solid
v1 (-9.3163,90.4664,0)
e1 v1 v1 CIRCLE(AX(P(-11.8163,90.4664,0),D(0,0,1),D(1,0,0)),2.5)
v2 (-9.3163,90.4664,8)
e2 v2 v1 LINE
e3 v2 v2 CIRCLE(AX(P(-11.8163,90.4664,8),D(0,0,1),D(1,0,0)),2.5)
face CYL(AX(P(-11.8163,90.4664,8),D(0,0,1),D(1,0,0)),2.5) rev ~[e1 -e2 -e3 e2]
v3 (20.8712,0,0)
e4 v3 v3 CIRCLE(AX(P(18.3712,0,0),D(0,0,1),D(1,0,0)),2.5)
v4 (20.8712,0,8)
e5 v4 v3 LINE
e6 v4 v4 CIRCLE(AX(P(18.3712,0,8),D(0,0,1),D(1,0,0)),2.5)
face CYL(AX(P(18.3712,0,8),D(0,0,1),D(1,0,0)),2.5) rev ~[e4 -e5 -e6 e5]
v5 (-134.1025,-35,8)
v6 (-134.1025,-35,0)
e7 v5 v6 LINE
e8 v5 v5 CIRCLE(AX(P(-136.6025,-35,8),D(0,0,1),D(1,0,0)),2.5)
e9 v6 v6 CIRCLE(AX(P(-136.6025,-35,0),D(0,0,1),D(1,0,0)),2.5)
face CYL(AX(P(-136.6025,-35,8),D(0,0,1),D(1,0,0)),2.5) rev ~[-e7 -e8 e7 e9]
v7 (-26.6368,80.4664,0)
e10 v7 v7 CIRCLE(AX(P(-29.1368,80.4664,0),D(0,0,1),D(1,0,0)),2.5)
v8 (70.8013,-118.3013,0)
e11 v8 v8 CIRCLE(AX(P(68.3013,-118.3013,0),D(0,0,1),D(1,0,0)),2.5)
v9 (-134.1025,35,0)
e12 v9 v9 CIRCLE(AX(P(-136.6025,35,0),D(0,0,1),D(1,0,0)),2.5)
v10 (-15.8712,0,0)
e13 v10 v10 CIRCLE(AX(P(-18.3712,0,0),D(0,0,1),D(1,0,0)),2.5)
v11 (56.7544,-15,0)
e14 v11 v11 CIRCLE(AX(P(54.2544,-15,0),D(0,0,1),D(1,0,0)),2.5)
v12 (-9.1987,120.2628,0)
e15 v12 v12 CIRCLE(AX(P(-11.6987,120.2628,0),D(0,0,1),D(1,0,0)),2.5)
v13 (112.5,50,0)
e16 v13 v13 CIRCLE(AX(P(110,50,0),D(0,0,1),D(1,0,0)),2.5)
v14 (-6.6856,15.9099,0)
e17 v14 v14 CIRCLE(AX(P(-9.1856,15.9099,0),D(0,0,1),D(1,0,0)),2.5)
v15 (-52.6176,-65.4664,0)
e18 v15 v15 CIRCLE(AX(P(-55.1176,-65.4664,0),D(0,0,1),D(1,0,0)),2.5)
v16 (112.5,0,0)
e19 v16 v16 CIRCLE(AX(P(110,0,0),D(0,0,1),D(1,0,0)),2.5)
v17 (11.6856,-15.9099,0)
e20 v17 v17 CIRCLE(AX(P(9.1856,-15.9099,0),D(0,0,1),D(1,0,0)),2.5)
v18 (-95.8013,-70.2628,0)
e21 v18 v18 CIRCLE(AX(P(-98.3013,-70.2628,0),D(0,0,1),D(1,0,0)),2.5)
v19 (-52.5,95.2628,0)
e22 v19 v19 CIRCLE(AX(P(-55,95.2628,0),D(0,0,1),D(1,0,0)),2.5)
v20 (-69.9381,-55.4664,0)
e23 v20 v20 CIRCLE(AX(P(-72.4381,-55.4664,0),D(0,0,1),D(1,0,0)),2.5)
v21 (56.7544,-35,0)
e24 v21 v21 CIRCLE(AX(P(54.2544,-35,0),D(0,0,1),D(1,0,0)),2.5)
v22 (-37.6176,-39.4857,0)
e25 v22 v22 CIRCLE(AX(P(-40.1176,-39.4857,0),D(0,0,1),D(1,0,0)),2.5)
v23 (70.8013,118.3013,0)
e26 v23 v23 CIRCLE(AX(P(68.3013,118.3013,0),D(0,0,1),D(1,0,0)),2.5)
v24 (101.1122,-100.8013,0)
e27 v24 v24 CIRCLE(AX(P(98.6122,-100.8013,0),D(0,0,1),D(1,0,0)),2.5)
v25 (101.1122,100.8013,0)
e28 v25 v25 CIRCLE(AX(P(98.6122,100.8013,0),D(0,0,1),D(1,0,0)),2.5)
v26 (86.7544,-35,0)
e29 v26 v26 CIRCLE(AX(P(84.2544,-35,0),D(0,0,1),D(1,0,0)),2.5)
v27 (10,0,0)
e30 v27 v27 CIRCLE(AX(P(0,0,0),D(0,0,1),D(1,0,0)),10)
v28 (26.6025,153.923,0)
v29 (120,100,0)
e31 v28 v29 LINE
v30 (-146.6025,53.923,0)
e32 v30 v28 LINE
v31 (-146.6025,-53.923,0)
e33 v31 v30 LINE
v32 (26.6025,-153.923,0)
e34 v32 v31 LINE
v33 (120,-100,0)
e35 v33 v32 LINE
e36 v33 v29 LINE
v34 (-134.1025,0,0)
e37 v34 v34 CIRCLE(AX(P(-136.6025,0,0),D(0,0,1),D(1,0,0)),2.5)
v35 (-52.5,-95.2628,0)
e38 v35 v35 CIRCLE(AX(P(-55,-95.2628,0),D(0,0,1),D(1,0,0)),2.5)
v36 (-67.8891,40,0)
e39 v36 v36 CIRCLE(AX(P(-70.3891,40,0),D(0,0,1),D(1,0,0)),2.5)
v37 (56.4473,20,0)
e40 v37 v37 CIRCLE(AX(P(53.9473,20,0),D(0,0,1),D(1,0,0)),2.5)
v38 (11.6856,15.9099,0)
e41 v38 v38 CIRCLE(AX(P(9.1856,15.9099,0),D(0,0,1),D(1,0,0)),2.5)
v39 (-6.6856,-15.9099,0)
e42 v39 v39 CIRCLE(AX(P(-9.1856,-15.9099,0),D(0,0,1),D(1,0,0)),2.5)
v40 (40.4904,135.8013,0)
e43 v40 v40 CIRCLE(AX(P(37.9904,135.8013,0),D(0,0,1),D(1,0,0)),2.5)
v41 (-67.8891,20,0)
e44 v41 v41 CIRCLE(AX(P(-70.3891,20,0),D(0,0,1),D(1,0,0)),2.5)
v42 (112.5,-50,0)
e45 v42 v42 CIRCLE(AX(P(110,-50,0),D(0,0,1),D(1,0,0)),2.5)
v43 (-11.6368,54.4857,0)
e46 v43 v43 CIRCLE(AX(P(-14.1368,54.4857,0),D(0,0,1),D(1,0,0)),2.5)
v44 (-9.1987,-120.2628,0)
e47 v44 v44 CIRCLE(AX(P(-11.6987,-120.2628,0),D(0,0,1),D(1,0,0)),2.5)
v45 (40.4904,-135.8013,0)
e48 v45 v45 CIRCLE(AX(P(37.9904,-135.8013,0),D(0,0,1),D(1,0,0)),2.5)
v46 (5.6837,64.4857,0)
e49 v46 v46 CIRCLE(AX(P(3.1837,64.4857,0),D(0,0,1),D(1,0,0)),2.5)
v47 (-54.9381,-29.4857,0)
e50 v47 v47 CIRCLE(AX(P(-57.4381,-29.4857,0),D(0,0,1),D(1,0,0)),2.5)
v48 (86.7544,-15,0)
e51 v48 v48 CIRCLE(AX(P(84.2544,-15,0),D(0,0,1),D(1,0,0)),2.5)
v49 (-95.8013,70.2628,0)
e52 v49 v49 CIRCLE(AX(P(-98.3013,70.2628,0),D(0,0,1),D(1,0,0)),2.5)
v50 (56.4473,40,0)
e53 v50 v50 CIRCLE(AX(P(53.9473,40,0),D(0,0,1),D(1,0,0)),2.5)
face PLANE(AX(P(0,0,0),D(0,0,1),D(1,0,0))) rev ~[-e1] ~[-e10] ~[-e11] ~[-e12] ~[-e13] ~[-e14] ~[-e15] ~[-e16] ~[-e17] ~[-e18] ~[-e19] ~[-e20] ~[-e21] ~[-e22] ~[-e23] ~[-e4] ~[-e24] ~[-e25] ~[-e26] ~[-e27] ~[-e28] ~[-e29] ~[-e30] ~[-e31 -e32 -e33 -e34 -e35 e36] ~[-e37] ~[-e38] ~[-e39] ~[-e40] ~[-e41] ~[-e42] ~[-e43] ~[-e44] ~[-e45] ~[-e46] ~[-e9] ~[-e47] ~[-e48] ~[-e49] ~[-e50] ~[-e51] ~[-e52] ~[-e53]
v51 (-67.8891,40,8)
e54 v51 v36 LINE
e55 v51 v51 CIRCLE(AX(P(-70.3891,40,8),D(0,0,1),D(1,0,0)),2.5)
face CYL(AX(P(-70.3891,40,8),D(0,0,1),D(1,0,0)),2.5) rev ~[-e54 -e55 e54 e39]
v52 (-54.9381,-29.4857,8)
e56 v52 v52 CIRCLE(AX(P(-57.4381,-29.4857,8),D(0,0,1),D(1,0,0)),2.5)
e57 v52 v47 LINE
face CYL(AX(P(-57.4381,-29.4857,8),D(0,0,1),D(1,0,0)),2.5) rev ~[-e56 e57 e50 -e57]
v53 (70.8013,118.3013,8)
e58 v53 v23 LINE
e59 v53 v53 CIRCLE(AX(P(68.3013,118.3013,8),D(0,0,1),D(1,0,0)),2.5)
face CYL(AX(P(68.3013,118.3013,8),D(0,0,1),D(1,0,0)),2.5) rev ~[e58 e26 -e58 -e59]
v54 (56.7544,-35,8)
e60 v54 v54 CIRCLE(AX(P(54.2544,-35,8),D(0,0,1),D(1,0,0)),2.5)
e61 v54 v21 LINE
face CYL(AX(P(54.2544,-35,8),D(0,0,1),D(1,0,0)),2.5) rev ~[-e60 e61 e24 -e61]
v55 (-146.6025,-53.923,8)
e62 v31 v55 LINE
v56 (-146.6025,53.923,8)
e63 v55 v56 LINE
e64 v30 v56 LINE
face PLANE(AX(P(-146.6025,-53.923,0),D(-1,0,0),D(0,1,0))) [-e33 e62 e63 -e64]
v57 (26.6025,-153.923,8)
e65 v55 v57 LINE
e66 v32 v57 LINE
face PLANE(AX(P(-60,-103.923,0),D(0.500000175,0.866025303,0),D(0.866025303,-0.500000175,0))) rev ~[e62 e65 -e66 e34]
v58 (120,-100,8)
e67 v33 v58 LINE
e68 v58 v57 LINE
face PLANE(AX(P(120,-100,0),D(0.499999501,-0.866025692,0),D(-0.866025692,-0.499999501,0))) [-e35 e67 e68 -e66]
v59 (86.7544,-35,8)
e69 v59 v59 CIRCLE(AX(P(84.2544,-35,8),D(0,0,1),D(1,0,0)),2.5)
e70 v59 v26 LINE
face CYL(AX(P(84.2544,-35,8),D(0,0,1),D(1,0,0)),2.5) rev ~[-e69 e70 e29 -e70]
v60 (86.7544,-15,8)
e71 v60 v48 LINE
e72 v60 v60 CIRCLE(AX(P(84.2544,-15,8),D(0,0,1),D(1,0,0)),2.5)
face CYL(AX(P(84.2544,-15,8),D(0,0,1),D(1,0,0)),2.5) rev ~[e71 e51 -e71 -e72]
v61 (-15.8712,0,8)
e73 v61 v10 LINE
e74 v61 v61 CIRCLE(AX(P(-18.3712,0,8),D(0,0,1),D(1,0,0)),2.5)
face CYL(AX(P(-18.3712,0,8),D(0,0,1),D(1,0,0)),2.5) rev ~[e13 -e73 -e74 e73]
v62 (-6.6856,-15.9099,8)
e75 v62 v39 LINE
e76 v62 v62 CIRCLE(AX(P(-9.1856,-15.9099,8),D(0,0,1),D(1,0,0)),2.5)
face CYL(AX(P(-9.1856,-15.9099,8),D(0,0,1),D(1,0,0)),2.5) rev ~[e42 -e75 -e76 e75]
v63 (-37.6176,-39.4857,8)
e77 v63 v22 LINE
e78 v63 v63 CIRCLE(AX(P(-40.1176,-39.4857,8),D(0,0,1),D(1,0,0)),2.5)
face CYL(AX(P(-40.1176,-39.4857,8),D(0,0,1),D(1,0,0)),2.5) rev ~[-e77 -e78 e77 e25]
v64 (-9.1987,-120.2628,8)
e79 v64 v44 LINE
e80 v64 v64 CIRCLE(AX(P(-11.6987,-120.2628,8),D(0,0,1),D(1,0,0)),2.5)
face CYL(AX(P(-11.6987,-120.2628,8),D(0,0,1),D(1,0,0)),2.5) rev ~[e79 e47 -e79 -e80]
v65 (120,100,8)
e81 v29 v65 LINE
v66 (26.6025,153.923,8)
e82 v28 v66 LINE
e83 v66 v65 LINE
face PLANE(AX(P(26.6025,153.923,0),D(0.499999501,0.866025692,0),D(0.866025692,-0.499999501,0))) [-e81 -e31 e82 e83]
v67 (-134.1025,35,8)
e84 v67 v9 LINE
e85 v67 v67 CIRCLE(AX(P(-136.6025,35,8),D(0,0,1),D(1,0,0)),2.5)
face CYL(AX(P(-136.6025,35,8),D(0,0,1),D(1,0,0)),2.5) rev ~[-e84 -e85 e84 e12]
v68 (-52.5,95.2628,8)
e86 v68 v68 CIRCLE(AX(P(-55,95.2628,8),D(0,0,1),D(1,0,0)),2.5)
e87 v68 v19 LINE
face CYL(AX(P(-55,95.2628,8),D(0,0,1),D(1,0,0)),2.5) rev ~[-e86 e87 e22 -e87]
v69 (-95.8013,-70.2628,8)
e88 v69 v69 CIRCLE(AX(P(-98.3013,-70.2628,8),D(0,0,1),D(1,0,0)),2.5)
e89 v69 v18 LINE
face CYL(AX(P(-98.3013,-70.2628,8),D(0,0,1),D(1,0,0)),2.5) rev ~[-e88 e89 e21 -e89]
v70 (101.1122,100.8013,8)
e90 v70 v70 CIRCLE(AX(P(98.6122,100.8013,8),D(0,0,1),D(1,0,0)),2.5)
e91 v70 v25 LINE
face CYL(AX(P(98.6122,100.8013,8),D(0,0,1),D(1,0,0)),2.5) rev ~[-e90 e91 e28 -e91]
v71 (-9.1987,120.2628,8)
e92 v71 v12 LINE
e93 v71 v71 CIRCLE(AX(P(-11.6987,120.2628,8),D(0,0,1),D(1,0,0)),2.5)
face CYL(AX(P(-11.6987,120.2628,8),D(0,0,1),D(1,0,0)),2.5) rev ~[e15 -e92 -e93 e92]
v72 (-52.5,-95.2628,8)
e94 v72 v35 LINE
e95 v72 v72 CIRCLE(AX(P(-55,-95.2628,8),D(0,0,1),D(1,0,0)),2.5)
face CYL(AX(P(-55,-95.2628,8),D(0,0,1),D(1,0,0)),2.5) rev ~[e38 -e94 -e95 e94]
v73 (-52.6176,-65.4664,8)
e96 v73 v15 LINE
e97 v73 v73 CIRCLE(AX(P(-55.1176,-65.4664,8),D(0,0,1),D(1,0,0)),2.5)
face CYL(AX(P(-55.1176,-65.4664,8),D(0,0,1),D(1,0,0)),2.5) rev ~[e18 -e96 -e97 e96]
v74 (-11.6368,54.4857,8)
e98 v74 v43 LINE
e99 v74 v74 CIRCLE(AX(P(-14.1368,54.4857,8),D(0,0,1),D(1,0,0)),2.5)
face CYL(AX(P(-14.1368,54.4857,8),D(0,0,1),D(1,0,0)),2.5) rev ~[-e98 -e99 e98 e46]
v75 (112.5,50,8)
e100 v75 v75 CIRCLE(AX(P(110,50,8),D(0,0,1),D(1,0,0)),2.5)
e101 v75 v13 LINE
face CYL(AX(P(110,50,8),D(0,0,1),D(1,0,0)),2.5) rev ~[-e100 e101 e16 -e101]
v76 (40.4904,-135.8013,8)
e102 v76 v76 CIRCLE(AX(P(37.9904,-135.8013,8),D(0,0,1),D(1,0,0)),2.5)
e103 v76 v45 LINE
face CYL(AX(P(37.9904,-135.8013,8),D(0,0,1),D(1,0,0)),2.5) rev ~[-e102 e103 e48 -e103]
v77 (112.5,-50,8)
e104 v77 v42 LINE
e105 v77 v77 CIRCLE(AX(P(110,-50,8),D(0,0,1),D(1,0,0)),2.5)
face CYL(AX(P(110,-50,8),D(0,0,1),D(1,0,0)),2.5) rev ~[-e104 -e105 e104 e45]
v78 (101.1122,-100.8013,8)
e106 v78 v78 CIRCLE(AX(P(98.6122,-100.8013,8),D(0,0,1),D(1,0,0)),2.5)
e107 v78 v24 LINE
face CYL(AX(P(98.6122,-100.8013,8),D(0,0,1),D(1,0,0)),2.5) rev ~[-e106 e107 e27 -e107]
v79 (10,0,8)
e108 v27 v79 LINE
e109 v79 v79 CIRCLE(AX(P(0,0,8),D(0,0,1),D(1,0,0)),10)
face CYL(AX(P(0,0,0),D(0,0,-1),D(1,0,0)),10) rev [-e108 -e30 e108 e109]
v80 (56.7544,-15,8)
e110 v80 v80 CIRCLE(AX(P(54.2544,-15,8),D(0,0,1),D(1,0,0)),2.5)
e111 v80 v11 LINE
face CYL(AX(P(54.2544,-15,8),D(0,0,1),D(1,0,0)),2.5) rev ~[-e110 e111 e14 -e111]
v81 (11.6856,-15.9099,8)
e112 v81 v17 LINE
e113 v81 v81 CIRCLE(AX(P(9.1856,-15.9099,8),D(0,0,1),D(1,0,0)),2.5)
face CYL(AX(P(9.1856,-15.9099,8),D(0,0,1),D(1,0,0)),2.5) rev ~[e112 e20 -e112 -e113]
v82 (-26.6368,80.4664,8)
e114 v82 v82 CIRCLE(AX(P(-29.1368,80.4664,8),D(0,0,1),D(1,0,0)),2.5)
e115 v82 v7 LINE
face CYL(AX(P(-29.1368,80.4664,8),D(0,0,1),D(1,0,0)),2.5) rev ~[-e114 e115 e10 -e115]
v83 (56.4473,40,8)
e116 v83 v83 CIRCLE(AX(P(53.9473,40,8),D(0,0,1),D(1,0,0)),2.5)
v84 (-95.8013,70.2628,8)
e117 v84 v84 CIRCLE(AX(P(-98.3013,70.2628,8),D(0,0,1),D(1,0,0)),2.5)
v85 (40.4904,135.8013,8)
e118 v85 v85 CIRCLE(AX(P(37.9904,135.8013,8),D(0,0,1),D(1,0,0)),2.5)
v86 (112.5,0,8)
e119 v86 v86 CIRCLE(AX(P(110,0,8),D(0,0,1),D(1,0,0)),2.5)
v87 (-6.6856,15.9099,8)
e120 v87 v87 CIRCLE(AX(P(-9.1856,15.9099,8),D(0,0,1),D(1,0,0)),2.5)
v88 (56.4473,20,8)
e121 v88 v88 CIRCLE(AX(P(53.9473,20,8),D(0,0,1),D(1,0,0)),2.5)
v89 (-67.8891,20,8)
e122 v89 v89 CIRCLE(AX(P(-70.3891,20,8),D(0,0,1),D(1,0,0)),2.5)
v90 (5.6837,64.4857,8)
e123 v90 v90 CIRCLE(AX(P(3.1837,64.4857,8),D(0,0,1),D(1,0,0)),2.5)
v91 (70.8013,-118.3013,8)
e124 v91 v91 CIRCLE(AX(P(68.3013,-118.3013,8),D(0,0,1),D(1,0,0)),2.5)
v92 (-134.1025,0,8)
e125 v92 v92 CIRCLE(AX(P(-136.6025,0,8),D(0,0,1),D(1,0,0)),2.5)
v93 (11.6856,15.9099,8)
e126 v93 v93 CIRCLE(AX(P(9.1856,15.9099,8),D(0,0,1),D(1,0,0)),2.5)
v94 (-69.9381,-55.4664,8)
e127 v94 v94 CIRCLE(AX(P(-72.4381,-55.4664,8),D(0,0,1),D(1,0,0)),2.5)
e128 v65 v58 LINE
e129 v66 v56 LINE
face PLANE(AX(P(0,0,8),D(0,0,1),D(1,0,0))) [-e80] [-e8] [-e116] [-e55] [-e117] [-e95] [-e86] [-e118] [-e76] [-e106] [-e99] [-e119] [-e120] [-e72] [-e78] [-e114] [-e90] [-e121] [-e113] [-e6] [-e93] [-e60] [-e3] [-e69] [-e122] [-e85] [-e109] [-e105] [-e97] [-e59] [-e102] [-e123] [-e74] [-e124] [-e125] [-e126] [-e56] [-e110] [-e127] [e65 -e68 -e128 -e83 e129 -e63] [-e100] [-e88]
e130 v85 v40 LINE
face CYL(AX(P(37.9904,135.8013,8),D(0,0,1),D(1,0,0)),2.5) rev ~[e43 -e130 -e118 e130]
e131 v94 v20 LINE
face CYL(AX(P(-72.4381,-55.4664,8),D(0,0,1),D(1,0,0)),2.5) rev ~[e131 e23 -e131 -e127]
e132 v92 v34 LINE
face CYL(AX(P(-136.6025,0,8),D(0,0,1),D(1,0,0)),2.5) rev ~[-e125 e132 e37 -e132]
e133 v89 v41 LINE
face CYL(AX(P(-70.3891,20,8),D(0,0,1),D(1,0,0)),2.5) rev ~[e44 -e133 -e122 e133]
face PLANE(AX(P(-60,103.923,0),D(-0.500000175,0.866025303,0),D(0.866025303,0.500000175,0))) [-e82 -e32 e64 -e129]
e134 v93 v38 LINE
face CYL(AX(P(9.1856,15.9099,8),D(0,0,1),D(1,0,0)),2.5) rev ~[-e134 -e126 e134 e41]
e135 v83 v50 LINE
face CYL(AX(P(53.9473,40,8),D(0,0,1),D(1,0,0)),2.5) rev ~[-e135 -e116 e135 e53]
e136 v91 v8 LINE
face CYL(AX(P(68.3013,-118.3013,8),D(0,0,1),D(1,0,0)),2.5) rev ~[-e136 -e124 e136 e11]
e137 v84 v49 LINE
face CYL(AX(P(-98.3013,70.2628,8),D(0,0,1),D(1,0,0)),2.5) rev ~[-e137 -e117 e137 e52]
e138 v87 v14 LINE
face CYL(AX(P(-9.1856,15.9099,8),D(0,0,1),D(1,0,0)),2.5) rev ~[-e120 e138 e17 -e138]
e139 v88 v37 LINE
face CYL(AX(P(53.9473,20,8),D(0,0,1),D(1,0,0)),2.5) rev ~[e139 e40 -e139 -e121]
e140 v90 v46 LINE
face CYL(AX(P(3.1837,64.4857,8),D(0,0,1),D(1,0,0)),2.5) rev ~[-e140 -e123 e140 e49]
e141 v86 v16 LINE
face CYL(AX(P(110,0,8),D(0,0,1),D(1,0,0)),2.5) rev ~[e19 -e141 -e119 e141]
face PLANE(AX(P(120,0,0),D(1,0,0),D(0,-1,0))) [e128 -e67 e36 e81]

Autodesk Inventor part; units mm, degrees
ref_plane "YZ Plane" through (0, 0, 0) normal (1, 0, 0) x (0, 1, 0)
ref_plane "XZ Plane" through (0, 0, 0) normal (0, 1, 0) x (-1, 0, 0)
ref_plane "XY Plane" through (0, 0, 0) normal (0, 0, 1) x (1, 0, 0)
sketch "Sketch1" plane through (0, 0, 0) normal (0, 0, 1) x (1, 0, 0)
  line L0 (120, 0) -> (120, -100)
  line L1 (120, 0) -> (120, 100)
  line L2 (-60, 103.923) -> (26.6025, 153.923)
  line L3 (-60, 103.923) -> (-146.6025, 53.923)
  line L4 (-60, -103.923) -> (-146.6025, -53.923)
  line L5 (-60, -103.923) -> (26.6025, -153.923)
  line L6 (26.6025, 153.923) -> (120, 100)
  line L7 (120, -100) -> (26.6025, -153.923)
  line L8 (-146.6025, -53.923) -> (-146.6025, 53.923)
  circle A0 centre (0, 0) radius 10
  dimension "d5" = 360
extrude "Extrusion1" add sketch "Sketch1" along normal blind 8
sketch "Sketch2" plane through (0, 0, 8) normal (0, 0, 1) x (1, 0, 0)
  circle A0 centre (84.2544, -15) radius 2.5
  line L0 (120, -100) -> (120, 100) projected
  circle A1 centre (84.2544, -35) radius 2.5
  circle A2 centre (54.2544, -15) radius 2.5
  circle A3 centre (54.2544, -35) radius 2.5
  circle A4 centre (-14.1368, 54.4857) radius 2.5
  circle A5 centre (-29.1368, 80.4664) radius 2.5
  circle A6 centre (-11.8163, 90.4664) radius 2.5
  circle A7 centre (3.1837, 64.4857) radius 2.5
  circle A8 centre (-40.1176, -39.4857) radius 2.5
  circle A9 centre (-55.1176, -65.4664) radius 2.5
  circle A10 centre (-72.4381, -55.4664) radius 2.5
  circle A11 centre (-57.4381, -29.4857) radius 2.5
  point P0 (0, 0)
  point P1 (120, 0)
  dimension "d11" = 5
  dimension "d12" = 15
  dimension "d13" = 5
  dimension "d14" = 20
  dimension "d15" = 5
  dimension "d16" = 5
  dimension "d17" = 20
  dimension "d18" = 30
  dimension "d21" = 360
extrude "Extrusion2" cut sketch "Sketch2" against normal blind 8
sketch "Sketch3" plane through (0, 0, 8) normal (0, 0, 1) x (1, 0, 0)
  circle A0 centre (-136.6025, 35) radius 2.5
  circle A1 centre (-136.6025, 0) radius 2.5
  circle A2 centre (-136.6025, -35) radius 2.5
  line L0 (-146.6025, 53.923) -> (-146.6025, -53.923) projected
  circle A3 centre (37.9904, -135.8013) radius 2.5
  circle A4 centre (68.3013, -118.3013) radius 2.5
  circle A5 centre (98.6122, -100.8013) radius 2.5
  circle A6 centre (98.6122, 100.8013) radius 2.5
  circle A7 centre (68.3013, 118.3013) radius 2.5
  circle A8 centre (37.9904, 135.8013) radius 2.5
  point P0 (0, 0)
  point P1 (-146.6025, 0)
  point P2 (-146.6025, 0)
  dimension "d25" = 5
  dimension "d26" = 5
  dimension "d27" = 5
  dimension "d28" = 35
  dimension "d29" = 35
  dimension "d30" = 0
  dimension "d33" = 360
  dimension "d82" = 10
  dimension "d83" = 10
extrude "Extrusion3" cut sketch "Sketch3" against normal blind 8
sketch "Sketch5" plane through (0, 0, 8) normal (0, 0, 1) x (1, 0, 0)
  circle A0 centre (18.3712, 0) radius 2.5
  circle A1 centre (9.1856, 15.9099) radius 2.5
  circle A2 centre (-9.1856, 15.9099) radius 2.5
  circle A3 centre (-18.3712, 0) radius 2.5
  circle A4 centre (-9.1856, -15.9099) radius 2.5
  circle A5 centre (9.1856, -15.9099) radius 2.5
  point P0 (0, 0)
  dimension "d51" = 5
  dimension "d54" = 360
extrude "Extrusion5" cut sketch "Sketch5" against normal blind 8
sketch "Sketch6" plane through (0, 0, 8) normal (0, 0, 1) x (1, 0, 0)
  circle A0 centre (53.9473, 40) radius 2.5
  circle A1 centre (53.9473, 20) radius 2.5
  line L0 (120, -100) -> (120, 100) projected
  circle A2 centre (-70.3891, 40) radius 2.5
  circle A3 centre (-70.3891, 20) radius 2.5
  point P0 (0, 0)
  point P1 (120, 0)
  dimension "d58" = 5
  dimension "d59" = 5
  dimension "d60" = 20
  dimension "d61" = 20
  dimension "d62" = 5
  dimension "d63" = 5
  dimension "d64" = 20
extrude "Extrusion6" cut sketch "Sketch6" against normal blind 8
sketch "Sketch7" plane through (0, 0, 8) normal (0, 0, 1) x (1, 0, 0)
  circle A0 centre (110, 0) radius 2.5
  circle A1 centre (110, 50) radius 2.5
  circle A2 centre (110, -50) radius 2.5
  line L0 (120, -100) -> (120, 100) projected
  circle A3 centre (-98.3013, 70.2628) radius 2.5
  circle A4 centre (-55, 95.2628) radius 2.5
  circle A5 centre (-11.6987, 120.2628) radius 2.5
  circle A6 centre (-11.6987, -120.2628) radius 2.5
  circle A7 centre (-55, -95.2628) radius 2.5
  circle A8 centre (-98.3013, -70.2628) radius 2.5
  point P0 (0, 0)
  point P1 (120, 0)
  point P2 (120, 0)
  point P3 (120, 0)
  dimension "d68" = 5
  dimension "d69" = 5
  dimension "d70" = 5
  dimension "d71" = 50
  dimension "d72" = 50
  dimension "d75" = 360
  dimension "d77" = 10
  dimension "d78" = 10
  dimension "d79" = 10
extrude "Extrusion7" cut sketch "Sketch7" against normal blind 8
equation "\"BendRadius\" = Thickness"
equation "\"BendReliefWidth\" = Thickness"
equation "\"BendReliefDepth\" = 0.5 * Thickness"
equation "\"CornerReliefSize\" = 4 * Thickness"
equation "\"MinimumRemnant\" = 2 * Thickness"
equation "\"TransitionRadius\" = BendRadius"
equation "\"JacobiRadiusSize\" = BendRadius"
equation "\"GapSize\" = Thickness"
equation "\"Thickness\" = 0.5"
properties part number "đế trên"
